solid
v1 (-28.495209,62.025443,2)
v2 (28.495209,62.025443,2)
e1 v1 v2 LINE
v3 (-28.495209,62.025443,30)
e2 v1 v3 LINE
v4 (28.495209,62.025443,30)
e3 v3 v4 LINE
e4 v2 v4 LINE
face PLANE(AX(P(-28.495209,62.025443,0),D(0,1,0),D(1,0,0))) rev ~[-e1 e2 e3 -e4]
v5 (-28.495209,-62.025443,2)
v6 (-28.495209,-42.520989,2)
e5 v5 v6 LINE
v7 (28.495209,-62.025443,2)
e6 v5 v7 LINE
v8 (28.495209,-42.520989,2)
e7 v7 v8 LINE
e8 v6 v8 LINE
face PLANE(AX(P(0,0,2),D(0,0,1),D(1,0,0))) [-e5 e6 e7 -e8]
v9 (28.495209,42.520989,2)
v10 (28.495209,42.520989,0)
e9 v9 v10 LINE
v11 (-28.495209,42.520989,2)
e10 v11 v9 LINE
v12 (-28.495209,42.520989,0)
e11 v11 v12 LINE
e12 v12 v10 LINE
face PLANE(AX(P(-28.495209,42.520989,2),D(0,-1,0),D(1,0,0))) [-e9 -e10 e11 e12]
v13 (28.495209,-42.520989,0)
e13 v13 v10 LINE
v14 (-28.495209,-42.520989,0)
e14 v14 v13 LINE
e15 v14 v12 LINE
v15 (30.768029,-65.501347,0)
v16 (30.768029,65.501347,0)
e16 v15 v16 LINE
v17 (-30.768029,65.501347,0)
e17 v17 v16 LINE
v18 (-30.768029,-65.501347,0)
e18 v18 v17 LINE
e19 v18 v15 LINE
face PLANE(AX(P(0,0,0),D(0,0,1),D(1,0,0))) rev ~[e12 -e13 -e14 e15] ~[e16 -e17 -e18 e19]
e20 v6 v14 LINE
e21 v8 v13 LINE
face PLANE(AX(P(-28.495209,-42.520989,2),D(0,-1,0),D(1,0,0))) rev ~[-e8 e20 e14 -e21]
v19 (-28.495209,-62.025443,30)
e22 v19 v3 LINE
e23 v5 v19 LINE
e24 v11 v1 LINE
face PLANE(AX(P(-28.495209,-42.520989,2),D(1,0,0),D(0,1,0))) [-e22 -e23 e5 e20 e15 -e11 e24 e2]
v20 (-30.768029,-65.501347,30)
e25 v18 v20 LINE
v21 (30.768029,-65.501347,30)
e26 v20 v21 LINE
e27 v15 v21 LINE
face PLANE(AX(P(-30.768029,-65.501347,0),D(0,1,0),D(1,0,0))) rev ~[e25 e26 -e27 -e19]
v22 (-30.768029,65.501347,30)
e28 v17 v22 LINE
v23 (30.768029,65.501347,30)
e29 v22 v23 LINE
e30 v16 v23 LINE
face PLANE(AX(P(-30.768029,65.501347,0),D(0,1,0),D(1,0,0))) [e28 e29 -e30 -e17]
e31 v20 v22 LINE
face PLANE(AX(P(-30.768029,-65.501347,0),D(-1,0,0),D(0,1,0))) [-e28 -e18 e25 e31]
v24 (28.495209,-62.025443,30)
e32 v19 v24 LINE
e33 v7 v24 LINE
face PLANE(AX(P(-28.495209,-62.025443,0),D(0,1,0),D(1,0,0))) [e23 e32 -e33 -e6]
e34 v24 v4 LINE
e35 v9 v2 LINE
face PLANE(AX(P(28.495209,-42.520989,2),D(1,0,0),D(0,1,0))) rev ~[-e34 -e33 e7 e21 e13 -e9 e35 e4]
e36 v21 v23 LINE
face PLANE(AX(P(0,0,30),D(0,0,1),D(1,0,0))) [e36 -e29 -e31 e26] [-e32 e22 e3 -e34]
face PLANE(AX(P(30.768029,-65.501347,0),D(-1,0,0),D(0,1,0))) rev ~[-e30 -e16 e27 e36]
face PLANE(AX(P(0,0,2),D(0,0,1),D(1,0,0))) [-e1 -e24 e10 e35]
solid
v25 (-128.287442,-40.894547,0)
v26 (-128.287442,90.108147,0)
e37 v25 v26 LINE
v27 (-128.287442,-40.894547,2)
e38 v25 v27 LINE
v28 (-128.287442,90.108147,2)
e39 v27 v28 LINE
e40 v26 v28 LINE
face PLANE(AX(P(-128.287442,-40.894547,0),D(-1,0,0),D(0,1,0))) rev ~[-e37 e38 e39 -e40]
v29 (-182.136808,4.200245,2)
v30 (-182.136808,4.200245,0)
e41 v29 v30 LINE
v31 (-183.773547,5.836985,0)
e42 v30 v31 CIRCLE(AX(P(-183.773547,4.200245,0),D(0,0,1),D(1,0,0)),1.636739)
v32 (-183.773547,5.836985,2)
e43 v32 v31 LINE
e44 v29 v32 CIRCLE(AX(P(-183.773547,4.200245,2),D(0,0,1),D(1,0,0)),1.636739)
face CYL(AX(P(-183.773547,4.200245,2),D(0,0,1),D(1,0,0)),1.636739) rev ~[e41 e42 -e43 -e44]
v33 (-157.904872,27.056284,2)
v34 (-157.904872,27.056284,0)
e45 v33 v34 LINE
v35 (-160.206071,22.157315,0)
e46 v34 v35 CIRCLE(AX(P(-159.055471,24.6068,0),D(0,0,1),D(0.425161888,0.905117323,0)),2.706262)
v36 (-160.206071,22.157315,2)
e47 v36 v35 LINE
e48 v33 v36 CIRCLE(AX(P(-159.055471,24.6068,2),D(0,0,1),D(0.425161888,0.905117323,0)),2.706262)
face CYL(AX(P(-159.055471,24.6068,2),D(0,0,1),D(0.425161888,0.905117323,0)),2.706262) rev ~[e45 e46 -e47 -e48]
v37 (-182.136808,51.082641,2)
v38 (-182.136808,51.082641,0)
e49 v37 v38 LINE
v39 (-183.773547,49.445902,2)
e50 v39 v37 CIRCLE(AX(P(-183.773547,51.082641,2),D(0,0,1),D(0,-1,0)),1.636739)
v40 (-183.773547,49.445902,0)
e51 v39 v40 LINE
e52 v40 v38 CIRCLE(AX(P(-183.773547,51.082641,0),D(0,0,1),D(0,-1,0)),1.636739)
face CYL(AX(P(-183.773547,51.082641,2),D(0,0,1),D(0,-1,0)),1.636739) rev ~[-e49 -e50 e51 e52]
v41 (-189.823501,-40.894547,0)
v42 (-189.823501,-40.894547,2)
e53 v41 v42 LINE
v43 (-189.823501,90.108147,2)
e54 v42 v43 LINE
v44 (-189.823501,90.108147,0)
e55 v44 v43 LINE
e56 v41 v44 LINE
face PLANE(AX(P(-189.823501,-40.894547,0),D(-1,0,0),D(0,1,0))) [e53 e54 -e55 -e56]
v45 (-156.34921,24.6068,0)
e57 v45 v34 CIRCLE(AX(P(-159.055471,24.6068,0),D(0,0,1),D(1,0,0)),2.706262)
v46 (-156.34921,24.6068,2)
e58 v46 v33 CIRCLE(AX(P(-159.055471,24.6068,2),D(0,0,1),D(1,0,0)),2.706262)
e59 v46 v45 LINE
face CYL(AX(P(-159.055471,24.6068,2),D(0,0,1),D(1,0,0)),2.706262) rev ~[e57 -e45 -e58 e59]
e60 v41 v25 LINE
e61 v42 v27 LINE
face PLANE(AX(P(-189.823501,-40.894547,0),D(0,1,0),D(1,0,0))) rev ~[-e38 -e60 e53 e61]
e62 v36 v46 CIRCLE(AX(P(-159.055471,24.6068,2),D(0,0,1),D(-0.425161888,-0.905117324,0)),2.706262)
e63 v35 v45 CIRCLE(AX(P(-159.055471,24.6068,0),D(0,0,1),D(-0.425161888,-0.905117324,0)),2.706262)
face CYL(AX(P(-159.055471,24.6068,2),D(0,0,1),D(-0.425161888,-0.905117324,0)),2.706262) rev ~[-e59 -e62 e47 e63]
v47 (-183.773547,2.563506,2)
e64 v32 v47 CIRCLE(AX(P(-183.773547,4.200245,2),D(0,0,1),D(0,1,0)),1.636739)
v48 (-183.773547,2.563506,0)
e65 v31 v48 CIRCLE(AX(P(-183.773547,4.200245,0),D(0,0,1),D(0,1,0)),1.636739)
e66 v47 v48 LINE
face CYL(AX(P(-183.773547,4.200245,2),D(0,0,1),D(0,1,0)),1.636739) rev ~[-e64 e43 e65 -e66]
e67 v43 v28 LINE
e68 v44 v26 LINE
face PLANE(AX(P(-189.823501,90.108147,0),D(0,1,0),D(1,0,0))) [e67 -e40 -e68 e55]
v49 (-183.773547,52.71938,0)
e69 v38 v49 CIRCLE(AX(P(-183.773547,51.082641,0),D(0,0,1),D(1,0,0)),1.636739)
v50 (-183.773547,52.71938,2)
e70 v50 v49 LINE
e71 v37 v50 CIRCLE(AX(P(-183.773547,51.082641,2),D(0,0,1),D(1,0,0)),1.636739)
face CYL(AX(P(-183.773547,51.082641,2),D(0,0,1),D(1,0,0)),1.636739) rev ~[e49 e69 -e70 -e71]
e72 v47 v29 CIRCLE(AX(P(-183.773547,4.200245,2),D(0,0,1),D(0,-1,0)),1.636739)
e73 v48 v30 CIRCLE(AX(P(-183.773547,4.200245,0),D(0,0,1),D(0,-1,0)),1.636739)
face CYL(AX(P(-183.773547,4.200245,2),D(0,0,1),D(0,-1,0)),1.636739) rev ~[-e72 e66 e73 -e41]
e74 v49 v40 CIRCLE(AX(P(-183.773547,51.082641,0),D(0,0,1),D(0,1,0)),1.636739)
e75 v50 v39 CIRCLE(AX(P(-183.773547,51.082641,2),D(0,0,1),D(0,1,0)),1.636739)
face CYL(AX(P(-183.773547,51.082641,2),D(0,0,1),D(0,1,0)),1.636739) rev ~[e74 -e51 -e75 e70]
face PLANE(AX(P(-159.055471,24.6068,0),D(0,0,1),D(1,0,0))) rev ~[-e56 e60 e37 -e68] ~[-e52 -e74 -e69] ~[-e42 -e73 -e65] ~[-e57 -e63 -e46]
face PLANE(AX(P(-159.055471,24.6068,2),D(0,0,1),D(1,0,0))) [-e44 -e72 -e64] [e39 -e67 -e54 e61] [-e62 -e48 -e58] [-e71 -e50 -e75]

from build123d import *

# Parameters (mm, degrees)
F0_W     = 61.5360587835
F0_H     = 131.0026943684
F0_W_2   = 56.9904185832
F0_H_2   = 124.0508854389
F1_DEPTH = 30
F2_DEPTH = 2
F3_W     = 56.9904185832
F3_H     = 85.0419774652
F4_DEPTH = 25
F5_W     = 61.5360587835
F5_H     = 131.0026943684
F5_W_2   = 56.9904185832
F5_H_2   = 124.0508854389
F6_DEPTH = 2
F8_DEPTH = 25


with BuildPart() as f1:
    # F0 (on Top) → F1 (new body)
    with BuildSketch(Plane.XY):
        Rectangle(F0_W, F0_H)
        Rectangle(F0_W_2, F0_H_2, mode=Mode.SUBTRACT)
    extrude(amount=F1_DEPTH)

    # F0 (on Top) → F2 (join)
    with BuildSketch(Plane.XY):
        Rectangle(F0_W_2, F0_H_2)
    extrude(amount=F2_DEPTH)

    # F3 (on face) → F4 (cut)
    with BuildSketch(Plane.XY.offset(2)):
        Rectangle(F3_W, F3_H)
    extrude(amount=-F4_DEPTH, mode=Mode.SUBTRACT)


with BuildPart() as f6:
    # F5 (on Top) → F6 (new body)
    with BuildSketch(Plane.XY):
        with Locations((-159.0554714203, 24.6067997068)):
            Rectangle(F5_W, F5_H)
        with Locations((-159.0554714203, 24.6067997068)):
            Rectangle(F5_W_2, F5_H_2, mode=Mode.SUBTRACT)
        with Locations((-159.0554714203, 24.6067997068)):
            Rectangle(F5_W_2, F5_H_2)
    extrude(amount=F6_DEPTH)

    # F7 (on face) → F8 (cut)
    with BuildSketch(Plane.XY.offset(2)):
        with BuildLine():
            Line((-183.773547411, 49.4459015969), (-183.773547411, 52.7193801757))
            ThreePointArc((-183.773547411, 52.7193801757), (-185.4102867004, 51.0826408863), (-183.773547411, 49.4459015969))
        make_face()
        with BuildLine():
            ThreePointArc((-182.1368081215, 51.0826408863), (-182.6161979604, 52.2399903369), (-183.773547411, 52.7193801757))
            Line((-183.773547411, 52.7193801757), (-183.773547411, 49.4459015969))
            ThreePointArc((-183.773547411, 49.4459015969), (-182.6161979604, 49.9252914357), (-182.1368081215, 51.0826408863))
        make_face()
        with BuildLine():
            ThreePointArc((-156.3492098156, 24.6067997068), (-156.770993957, 26.0576665487), (-157.904872128, 27.0562839671))
            Line((-157.904872128, 27.0562839671), (-160.2060707126, 22.1573154465))
            ThreePointArc((-160.2060707126, 22.1573154465), (-157.6046045784, 22.3223222436), (-156.3492098156, 24.6067997068))
        make_face()
        with BuildLine():
            Line((-160.2060707126, 22.1573154465), (-157.904872128, 27.0562839671))
            ThreePointArc((-157.904872128, 27.0562839671), (-161.5049556806, 25.7573989991), (-160.2060707126, 22.1573154465))
        make_face()
        with BuildLine():
            ThreePointArc((-182.1368081215, 4.2002452537), (-182.6161979604, 5.3575947043), (-183.773547411, 5.8369845432))
            Line((-183.773547411, 5.8369845432), (-183.773547411, 2.5635059643))
            ThreePointArc((-183.773547411, 2.5635059643), (-182.6161979604, 3.0428958032), (-182.1368081215, 4.2002452537))
        make_face()
        with BuildLine():
            Line((-183.773547411, 2.5635059643), (-183.773547411, 5.8369845432))
            ThreePointArc((-183.773547411, 5.8369845432), (-185.4102867004, 4.2002452537), (-183.773547411, 2.5635059643))
        make_face()
    extrude(amount=-F8_DEPTH, mode=Mode.SUBTRACT)


solid = Compound([f1.part, f6.part])
